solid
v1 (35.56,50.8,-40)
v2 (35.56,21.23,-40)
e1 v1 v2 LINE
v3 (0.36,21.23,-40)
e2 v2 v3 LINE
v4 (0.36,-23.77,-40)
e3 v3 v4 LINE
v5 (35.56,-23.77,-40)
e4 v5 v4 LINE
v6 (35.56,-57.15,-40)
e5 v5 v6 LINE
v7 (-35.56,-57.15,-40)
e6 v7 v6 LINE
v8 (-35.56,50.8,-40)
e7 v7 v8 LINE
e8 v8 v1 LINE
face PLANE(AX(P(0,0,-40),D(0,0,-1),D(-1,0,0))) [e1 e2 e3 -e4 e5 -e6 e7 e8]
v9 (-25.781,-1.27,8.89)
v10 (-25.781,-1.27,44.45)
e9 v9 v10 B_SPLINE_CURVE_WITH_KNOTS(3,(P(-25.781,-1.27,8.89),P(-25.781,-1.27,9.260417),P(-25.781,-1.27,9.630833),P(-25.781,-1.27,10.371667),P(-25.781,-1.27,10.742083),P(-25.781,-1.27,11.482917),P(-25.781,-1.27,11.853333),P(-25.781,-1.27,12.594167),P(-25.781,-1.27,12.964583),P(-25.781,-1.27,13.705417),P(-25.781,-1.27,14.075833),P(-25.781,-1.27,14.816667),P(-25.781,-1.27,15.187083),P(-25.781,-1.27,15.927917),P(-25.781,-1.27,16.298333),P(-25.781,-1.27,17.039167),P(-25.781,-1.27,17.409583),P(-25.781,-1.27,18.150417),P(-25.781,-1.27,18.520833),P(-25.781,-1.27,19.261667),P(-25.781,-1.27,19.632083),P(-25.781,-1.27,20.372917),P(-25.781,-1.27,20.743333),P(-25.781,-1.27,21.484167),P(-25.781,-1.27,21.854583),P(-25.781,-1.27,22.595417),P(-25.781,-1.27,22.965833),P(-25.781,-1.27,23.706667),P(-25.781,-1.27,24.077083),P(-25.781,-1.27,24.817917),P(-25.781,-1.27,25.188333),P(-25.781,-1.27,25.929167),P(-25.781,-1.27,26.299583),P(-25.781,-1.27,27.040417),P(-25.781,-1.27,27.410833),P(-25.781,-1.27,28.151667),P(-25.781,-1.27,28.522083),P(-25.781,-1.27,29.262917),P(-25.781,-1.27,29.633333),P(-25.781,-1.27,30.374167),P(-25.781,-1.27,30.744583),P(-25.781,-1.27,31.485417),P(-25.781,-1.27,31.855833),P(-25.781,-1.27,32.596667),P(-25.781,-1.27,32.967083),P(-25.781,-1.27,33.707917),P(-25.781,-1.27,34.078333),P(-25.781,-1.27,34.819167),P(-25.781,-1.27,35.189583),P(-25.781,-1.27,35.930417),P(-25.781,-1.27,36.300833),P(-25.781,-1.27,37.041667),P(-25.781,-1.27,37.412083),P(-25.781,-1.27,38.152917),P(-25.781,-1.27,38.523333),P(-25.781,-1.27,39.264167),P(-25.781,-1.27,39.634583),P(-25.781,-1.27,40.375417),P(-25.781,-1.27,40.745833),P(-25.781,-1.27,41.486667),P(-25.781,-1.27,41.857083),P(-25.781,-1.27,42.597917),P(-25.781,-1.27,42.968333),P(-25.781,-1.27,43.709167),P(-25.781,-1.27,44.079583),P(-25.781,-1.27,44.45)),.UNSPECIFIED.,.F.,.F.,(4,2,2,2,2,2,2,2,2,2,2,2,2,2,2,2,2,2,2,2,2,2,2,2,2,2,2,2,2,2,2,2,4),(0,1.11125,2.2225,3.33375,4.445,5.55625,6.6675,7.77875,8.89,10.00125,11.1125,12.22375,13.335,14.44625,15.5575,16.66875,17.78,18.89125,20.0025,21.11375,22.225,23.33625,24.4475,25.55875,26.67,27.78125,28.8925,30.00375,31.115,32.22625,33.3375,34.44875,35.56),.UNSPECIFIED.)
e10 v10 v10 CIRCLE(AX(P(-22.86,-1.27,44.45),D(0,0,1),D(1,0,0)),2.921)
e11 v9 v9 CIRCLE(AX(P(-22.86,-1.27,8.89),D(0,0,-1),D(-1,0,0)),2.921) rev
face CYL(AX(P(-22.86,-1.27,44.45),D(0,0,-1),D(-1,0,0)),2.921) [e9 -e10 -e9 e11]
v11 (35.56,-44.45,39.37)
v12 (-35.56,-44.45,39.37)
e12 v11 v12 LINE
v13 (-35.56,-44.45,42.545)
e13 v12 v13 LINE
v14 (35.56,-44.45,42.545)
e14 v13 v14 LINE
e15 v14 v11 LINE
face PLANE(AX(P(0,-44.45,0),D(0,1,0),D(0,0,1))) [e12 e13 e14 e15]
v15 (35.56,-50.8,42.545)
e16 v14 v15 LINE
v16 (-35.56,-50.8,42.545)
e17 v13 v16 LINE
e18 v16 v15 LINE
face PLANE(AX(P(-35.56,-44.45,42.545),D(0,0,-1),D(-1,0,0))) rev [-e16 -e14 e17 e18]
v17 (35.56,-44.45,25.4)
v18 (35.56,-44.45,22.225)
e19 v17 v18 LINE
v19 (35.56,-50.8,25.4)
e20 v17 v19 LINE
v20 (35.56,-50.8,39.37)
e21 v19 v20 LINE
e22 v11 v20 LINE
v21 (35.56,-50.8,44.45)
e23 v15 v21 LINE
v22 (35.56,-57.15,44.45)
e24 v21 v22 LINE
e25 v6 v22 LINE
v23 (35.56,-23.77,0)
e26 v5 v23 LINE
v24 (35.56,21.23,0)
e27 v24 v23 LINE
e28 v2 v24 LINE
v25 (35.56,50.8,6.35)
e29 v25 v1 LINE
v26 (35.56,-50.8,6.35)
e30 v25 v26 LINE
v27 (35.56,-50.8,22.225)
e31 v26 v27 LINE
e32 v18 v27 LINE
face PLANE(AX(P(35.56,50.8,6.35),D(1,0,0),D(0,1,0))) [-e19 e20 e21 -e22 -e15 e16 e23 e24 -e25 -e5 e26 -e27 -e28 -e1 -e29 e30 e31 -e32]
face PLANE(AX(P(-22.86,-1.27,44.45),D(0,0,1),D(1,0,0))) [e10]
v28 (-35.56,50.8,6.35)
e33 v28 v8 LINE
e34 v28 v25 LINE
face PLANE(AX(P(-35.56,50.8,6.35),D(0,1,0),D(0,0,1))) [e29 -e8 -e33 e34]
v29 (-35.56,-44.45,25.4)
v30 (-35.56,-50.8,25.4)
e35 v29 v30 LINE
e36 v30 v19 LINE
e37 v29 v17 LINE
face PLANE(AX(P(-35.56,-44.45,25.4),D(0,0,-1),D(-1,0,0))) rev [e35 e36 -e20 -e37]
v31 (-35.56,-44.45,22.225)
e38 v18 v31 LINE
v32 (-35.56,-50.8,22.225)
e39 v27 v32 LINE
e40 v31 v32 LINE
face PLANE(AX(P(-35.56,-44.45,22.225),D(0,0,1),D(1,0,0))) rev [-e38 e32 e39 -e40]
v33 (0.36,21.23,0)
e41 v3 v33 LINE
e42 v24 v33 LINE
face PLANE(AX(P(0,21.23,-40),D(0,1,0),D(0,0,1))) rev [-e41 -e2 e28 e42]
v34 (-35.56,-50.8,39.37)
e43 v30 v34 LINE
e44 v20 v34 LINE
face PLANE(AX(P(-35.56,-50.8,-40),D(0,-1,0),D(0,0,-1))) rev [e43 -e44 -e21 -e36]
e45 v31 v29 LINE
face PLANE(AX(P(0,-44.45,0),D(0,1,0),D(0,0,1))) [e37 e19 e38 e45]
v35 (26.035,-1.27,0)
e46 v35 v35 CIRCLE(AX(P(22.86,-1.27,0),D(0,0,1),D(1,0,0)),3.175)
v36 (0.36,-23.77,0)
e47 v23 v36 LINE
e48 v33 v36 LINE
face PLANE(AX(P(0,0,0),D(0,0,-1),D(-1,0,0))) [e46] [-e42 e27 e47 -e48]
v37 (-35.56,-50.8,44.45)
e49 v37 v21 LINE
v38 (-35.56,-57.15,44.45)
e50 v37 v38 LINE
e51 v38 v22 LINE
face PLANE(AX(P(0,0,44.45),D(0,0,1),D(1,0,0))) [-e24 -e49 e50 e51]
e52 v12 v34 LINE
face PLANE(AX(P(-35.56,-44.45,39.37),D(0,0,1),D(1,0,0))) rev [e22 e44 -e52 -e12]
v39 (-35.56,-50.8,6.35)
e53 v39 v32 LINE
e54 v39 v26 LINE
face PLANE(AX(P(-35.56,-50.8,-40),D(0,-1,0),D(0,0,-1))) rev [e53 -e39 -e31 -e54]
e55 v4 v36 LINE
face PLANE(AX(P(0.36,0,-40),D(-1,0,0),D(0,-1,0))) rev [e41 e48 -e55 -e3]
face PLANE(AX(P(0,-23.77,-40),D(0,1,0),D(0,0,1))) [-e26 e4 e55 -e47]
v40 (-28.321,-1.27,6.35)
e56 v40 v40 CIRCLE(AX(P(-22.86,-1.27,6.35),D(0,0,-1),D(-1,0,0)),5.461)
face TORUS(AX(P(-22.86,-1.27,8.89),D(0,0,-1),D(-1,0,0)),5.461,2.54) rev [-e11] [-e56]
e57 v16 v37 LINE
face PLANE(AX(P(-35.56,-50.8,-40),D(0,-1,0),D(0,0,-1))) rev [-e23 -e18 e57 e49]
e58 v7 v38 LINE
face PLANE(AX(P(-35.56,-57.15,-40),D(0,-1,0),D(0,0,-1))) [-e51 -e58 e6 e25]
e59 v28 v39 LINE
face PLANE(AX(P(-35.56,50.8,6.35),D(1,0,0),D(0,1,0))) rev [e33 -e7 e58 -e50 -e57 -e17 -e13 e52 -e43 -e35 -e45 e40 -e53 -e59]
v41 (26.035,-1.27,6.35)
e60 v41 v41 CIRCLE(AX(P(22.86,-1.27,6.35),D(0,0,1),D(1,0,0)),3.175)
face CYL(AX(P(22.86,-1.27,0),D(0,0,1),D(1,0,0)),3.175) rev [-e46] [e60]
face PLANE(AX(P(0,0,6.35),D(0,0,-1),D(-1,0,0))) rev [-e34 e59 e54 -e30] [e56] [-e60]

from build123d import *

# Parameters (mm, degrees)
SKETCH1_W                = 71.12
SKETCH1_H                = 101.6
BOSS_EXTRUDE1_DEPTH      = 6.35
SKETCH2_R                = 3.175
CUT_EXTRUDE2_DEPTH       = 6.35
BOSS_EXTRUDE2_DEPTH      = 40
SKETCH4_R                = 2.921
BOSS_EXTRUDE4_DEPTH      = 38.1
FILLET1_R                = 2.54
BOSS_EXTRUDE5_DEPTH      = 38.1
BOSS_EXTRUDE5_DEPTH_BACK = 46.35
SKETCH5_W                = 71.12
SKETCH5_H                = 6.35
SKETCH8_W                = 71.12
SKETCH8_H                = 3.175
BOSS_EXTRUDE6_DEPTH      = 6.35


with BuildPart() as part:
    # Sketch1 → Boss-Extrude1 (new body)
    with BuildSketch(Plane.XY):
        Rectangle(SKETCH1_W, SKETCH1_H)
    extrude(amount=BOSS_EXTRUDE1_DEPTH)

    # Sketch2 → Cut-Extrude2 (cut)
    with BuildSketch(Plane.XY.offset(6.35)):
        with Locations((22.86, -1.27)):
            Circle(SKETCH2_R)
    extrude(amount=-CUT_EXTRUDE2_DEPTH, mode=Mode.SUBTRACT)

    # Sketch6 → Boss-Extrude2 (add)
    with BuildSketch(Plane(origin=(0, 0, 0), x_dir=(-1, 0, 0), z_dir=(0, 0, -1))):
        Polygon((-35.56, 50.8), (-35.56, 21.23), (-0.36, 21.23), (-0.36, -23.77), (-35.56, -23.77), (-35.56, -50.8), (35.56, -50.8), (35.56, 50.8), align=None)
    extrude(amount=BOSS_EXTRUDE2_DEPTH)

    # Sketch4 → Boss-Extrude4 (add)
    with BuildSketch(Plane.XY.offset(6.35)):
        with Locations(Location((-22.86, -1.27, 0), (0, 0, 180))):
            Circle(SKETCH4_R)
    extrude(amount=BOSS_EXTRUDE4_DEPTH)

    # Fillet1
    fillet1_edges = [part.edges().sort_by_distance(p)[0] for p in [
        (-19.939, -1.27, 6.35),
    ]]
    fillet(fillet1_edges, radius=FILLET1_R)

    # Sketch5 → Boss-Extrude5 (add, two sides: drawn at the far end of the back side and taken through both)
    with BuildSketch(Plane.XY.offset(6.35).offset(-BOSS_EXTRUDE5_DEPTH_BACK)):
        with Locations((0, -53.975)):
            Rectangle(SKETCH5_W, SKETCH5_H)
    extrude(amount=BOSS_EXTRUDE5_DEPTH + BOSS_EXTRUDE5_DEPTH_BACK)

    # Sketch8 → Boss-Extrude6 (add)
    with BuildSketch(Plane(origin=(0, -50.8, 0), x_dir=(1, 0, 0), z_dir=(0, 1, 0))):
        with Locations((0, -23.8125)):
            Rectangle(SKETCH8_W, SKETCH8_H)
        with Locations((0, -40.9575)):
            Rectangle(SKETCH8_W, SKETCH8_H)
    extrude(amount=BOSS_EXTRUDE6_DEPTH)


solid = part.part
